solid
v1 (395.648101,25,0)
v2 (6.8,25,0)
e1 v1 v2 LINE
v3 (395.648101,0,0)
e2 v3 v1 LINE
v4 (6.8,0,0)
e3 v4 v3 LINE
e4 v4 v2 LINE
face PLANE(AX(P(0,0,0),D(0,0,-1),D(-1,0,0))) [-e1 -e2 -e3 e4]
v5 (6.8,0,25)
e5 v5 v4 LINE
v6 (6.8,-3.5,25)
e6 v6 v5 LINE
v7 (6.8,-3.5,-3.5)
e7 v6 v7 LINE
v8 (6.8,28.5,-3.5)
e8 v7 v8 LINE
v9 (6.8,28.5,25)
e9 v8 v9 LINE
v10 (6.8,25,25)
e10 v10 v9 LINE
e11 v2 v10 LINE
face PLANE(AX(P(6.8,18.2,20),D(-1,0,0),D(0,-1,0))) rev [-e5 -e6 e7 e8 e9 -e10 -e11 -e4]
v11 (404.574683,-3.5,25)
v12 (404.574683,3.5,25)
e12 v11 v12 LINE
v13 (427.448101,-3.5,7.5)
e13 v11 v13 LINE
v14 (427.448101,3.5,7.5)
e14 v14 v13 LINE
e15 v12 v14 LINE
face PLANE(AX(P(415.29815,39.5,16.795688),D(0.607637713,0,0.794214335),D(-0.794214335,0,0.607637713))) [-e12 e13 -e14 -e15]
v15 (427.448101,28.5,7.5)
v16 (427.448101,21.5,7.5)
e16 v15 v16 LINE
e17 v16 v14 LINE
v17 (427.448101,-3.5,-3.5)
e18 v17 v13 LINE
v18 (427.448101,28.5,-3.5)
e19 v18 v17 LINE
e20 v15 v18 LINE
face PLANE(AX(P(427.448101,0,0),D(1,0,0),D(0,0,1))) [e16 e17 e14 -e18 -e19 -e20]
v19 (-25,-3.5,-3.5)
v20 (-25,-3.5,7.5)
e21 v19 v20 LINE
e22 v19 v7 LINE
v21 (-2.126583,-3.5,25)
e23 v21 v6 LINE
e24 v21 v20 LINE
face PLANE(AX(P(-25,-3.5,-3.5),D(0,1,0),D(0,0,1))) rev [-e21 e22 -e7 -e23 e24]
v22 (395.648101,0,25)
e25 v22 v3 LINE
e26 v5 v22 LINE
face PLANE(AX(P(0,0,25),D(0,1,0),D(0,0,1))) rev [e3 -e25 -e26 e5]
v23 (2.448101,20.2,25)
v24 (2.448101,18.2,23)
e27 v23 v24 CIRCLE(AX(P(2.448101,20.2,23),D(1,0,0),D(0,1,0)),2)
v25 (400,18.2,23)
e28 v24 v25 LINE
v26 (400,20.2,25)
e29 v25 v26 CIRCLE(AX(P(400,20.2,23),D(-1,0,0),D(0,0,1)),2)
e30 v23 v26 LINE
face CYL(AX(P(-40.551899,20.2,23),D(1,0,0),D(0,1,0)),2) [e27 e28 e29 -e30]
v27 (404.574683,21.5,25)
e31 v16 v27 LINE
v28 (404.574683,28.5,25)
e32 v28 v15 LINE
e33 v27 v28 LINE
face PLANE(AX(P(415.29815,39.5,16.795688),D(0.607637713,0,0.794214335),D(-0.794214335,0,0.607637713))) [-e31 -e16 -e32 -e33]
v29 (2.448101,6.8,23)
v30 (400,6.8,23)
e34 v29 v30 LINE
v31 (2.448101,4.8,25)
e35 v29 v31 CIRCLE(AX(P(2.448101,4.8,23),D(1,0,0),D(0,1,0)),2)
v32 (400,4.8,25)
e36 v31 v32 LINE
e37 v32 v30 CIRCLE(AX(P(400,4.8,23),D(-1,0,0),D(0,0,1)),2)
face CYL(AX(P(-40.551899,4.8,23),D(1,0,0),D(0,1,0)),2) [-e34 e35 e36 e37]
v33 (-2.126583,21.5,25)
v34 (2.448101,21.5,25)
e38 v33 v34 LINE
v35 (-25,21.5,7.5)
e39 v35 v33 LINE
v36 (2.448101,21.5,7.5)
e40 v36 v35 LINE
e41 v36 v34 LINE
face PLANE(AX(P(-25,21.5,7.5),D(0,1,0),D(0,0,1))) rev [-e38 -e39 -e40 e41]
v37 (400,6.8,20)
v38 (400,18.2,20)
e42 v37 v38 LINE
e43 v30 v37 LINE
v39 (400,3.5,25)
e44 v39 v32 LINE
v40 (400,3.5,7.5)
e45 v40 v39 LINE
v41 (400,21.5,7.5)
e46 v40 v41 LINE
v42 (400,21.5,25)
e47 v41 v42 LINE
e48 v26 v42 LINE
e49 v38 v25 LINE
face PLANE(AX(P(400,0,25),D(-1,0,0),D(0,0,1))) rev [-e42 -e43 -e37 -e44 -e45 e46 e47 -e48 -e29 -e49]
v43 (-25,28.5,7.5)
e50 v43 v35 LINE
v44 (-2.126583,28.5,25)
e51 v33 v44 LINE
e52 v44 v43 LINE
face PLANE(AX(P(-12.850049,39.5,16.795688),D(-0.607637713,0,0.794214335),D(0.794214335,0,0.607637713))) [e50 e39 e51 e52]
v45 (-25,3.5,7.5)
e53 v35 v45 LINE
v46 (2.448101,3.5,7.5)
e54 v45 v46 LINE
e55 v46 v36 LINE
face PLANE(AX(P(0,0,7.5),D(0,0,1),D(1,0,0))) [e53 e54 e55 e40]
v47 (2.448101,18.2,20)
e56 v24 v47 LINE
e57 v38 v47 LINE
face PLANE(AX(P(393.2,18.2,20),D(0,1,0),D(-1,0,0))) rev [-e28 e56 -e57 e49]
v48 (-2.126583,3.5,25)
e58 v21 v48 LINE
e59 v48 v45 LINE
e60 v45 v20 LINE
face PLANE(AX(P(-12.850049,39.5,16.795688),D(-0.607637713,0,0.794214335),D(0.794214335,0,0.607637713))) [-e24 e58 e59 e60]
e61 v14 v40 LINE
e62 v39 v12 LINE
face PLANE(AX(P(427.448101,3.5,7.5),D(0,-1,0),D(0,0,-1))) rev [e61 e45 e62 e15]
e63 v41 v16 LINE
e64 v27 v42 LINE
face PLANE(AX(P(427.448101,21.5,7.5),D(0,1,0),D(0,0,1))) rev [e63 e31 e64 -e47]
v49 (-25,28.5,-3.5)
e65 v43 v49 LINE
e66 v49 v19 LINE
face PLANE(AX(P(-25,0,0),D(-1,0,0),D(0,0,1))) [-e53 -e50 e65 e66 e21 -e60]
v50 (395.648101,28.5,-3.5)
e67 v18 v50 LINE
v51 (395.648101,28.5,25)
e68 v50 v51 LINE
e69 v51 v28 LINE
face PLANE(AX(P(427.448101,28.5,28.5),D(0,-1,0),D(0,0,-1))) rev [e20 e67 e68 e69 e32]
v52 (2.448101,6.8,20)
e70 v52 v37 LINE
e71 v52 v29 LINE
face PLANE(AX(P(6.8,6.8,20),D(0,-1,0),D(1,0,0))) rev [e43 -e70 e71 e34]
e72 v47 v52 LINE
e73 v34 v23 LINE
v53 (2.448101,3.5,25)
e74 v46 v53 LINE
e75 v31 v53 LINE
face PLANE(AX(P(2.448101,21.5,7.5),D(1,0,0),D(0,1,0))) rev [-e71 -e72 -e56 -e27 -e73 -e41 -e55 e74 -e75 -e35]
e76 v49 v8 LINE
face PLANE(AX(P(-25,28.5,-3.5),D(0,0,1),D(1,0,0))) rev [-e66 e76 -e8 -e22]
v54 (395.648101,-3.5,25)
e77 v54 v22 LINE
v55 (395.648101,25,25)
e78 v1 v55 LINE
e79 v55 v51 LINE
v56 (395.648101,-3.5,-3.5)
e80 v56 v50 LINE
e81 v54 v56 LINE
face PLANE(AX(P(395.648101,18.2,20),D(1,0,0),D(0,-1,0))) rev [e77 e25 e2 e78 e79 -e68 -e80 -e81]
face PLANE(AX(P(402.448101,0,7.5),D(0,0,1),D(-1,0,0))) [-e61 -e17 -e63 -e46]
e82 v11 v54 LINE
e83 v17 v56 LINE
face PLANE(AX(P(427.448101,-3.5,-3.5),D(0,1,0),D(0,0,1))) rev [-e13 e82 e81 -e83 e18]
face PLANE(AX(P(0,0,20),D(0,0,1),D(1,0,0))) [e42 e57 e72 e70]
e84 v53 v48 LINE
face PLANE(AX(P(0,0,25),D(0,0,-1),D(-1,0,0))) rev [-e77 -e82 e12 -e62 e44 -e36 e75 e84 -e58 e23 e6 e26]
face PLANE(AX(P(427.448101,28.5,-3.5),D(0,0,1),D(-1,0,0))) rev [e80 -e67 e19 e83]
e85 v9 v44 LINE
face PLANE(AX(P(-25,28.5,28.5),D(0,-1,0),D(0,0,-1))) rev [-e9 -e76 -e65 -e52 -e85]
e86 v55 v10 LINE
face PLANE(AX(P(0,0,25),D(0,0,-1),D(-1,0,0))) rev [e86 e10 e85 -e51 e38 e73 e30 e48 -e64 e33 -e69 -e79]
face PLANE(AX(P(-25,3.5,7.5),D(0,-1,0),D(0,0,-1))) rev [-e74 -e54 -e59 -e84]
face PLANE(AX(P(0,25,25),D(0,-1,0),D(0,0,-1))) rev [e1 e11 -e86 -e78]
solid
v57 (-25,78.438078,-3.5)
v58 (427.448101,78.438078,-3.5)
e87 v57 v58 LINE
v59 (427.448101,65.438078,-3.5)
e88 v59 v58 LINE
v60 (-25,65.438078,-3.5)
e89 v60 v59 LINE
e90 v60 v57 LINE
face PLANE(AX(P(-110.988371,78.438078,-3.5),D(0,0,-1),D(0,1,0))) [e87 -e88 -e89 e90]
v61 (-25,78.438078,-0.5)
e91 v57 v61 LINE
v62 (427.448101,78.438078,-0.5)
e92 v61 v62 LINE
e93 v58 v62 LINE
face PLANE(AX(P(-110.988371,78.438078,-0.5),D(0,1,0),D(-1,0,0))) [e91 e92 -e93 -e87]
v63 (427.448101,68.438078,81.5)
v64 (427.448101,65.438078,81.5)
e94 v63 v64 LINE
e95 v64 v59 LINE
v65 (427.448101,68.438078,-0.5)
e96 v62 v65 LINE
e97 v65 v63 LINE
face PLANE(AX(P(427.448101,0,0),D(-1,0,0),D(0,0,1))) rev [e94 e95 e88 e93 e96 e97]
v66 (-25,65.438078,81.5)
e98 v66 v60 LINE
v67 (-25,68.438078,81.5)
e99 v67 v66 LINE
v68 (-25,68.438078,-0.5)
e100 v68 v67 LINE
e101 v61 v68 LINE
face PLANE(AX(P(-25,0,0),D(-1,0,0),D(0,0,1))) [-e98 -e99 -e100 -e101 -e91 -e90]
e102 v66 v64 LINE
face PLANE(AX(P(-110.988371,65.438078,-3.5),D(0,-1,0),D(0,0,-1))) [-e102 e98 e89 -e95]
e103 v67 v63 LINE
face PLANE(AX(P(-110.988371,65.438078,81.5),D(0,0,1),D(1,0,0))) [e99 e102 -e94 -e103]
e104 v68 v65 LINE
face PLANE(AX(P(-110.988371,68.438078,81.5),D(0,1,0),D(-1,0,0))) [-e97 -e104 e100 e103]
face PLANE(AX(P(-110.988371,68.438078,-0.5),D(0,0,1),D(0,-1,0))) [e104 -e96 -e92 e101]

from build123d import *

# Parameters (mm, degrees)
SKETCH1_W               = 400
SKETCH1_H               = 25
BOSS_EXTRUDE1_DEPTH     = 25
SKETCH2_W               = 386.4
SKETCH2_H               = 11.4
CUT_EXTRUDE2_DEPTH      = 5
SKETCH4_W               = 32
SKETCH4_H               = 32
SKETCH4_W_2             = 25
SKETCH4_H_2             = 25
BOSS_EXTRUDE2_DEPTH     = 6.8
SKETCH5_W               = 32
SKETCH5_H               = 32
BOSS_EXTRUDE3_DEPTH     = 25
SKETCH6_W               = 27.448100552
SKETCH6_H               = 18
CUT_EXTRUDE3_DEPTH      = 21
CUT_EXTRUDE4_DEPTH      = 43
CUT_EXTRUDE5_DEPTH      = 43
CUT_EXTRUDE5_DEPTH_BACK = 413
BOSS_EXTRUDE4_DEPTH     = 452.448100552


with BuildPart() as part:
    # Sketch1 → Boss-Extrude1 (new body)
    with BuildSketch(Plane.XY):
        with Locations((200, 12.5)):
            Rectangle(SKETCH1_W, SKETCH1_H)
    extrude(amount=BOSS_EXTRUDE1_DEPTH)

    # Sketch2 → Cut-Extrude2 (cut)
    with BuildSketch(Plane.XY.offset(25)):
        with Locations((200, 12.5)):
            Rectangle(SKETCH2_W, SKETCH2_H)
    extrude(amount=-CUT_EXTRUDE2_DEPTH, mode=Mode.SUBTRACT)



with BuildPart() as body_2:
    # Sketch4 → Boss-Extrude2 (new body)
    with BuildSketch(Plane(origin=(6.8, 0, 0), x_dir=(0, 0, -1), z_dir=(1, 0, 0))):
        with Locations((-12.5, 12.5)):
            Rectangle(SKETCH4_W, SKETCH4_H)
        with Locations((-12.5, 12.5)):
            Rectangle(SKETCH4_W_2, SKETCH4_H_2, mode=Mode.SUBTRACT)
    extrude(amount=-BOSS_EXTRUDE2_DEPTH)


with BuildPart() as part_1:
    add(part.part)

    add(body_2.part)  # Boss-Extrude3 merges body 2
    # Sketch5 → Boss-Extrude3 (add)
    with BuildSketch(Plane.ZY):
        with Locations((12.5, 12.5)):
            Rectangle(SKETCH5_W, SKETCH5_H)
    extrude(amount=BOSS_EXTRUDE3_DEPTH)

    # Sketch6 → Cut-Extrude3 (cut)
    with BuildSketch(Plane.XY.offset(28.5)):
        with Locations((-11.275949724, 12.5)):
            Rectangle(SKETCH6_W, SKETCH6_H)
    extrude(amount=-CUT_EXTRUDE3_DEPTH, mode=Mode.SUBTRACT)

    # Sketch7 → Cut-Extrude4 (cut)
    with BuildSketch(Plane.XZ.offset(3.5)):
        Polygon((2.448100552, 28.5), (-25, 28.5), (-25, 7.5), align=None)
    extrude(amount=-CUT_EXTRUDE4_DEPTH, mode=Mode.SUBTRACT)

    # Sketch8 → Cut-Extrude5 (cut, two sides: drawn at the far end of the back side and taken through both)
    with BuildSketch(Plane.ZY.offset(-2.448100552).offset(-CUT_EXTRUDE5_DEPTH_BACK)):
        with BuildLine():
            Line((20, 6.8), (23, 6.8))
            ThreePointArc((23, 6.8), (24.414213562, 6.214213562), (25, 4.8))
            Line((25, 4.8), (25, -5.020840196))
            Line((25, -5.020840196), (31.991589763, -5.020840196))
            Line((31.991589763, -5.020840196), (31.991589763, 30.746420452))
            Line((31.991589763, 30.746420452), (25, 30.746420452))
            Line((25, 30.746420452), (25, 20.2))
            ThreePointArc((25, 20.2), (24.414213562, 18.785786438), (23, 18.2))
            Line((23, 18.2), (20, 18.2))
            Line((20, 18.2), (20, 6.8))
        make_face()
    extrude(amount=CUT_EXTRUDE5_DEPTH + CUT_EXTRUDE5_DEPTH_BACK, mode=Mode.SUBTRACT)

    # Mirror6: part across plane


with BuildPart() as part_2:
    add(part_1.part)
    add(part_1.part.mirror(Plane(origin=(201.224050276, 0, 0), x_dir=(0, 0, 1), z_dir=(1, 0, 0))))


with BuildPart() as body_2_2:
    # Sketch9 → Boss-Extrude4 (new body)
    with BuildSketch(Plane(origin=(427.448100552, 0, 0), x_dir=(0, 0, -1), z_dir=(1, 0, 0))):
        Polygon((3.5, 78.438077684), (3.5, 65.438077684), (-81.5, 65.438077684), (-81.5, 68.438077684), (0.5, 68.438077684), (0.5, 78.438077684), align=None)
    extrude(amount=-BOSS_EXTRUDE4_DEPTH)


solid = Compound([part_2.part, body_2_2.part])
